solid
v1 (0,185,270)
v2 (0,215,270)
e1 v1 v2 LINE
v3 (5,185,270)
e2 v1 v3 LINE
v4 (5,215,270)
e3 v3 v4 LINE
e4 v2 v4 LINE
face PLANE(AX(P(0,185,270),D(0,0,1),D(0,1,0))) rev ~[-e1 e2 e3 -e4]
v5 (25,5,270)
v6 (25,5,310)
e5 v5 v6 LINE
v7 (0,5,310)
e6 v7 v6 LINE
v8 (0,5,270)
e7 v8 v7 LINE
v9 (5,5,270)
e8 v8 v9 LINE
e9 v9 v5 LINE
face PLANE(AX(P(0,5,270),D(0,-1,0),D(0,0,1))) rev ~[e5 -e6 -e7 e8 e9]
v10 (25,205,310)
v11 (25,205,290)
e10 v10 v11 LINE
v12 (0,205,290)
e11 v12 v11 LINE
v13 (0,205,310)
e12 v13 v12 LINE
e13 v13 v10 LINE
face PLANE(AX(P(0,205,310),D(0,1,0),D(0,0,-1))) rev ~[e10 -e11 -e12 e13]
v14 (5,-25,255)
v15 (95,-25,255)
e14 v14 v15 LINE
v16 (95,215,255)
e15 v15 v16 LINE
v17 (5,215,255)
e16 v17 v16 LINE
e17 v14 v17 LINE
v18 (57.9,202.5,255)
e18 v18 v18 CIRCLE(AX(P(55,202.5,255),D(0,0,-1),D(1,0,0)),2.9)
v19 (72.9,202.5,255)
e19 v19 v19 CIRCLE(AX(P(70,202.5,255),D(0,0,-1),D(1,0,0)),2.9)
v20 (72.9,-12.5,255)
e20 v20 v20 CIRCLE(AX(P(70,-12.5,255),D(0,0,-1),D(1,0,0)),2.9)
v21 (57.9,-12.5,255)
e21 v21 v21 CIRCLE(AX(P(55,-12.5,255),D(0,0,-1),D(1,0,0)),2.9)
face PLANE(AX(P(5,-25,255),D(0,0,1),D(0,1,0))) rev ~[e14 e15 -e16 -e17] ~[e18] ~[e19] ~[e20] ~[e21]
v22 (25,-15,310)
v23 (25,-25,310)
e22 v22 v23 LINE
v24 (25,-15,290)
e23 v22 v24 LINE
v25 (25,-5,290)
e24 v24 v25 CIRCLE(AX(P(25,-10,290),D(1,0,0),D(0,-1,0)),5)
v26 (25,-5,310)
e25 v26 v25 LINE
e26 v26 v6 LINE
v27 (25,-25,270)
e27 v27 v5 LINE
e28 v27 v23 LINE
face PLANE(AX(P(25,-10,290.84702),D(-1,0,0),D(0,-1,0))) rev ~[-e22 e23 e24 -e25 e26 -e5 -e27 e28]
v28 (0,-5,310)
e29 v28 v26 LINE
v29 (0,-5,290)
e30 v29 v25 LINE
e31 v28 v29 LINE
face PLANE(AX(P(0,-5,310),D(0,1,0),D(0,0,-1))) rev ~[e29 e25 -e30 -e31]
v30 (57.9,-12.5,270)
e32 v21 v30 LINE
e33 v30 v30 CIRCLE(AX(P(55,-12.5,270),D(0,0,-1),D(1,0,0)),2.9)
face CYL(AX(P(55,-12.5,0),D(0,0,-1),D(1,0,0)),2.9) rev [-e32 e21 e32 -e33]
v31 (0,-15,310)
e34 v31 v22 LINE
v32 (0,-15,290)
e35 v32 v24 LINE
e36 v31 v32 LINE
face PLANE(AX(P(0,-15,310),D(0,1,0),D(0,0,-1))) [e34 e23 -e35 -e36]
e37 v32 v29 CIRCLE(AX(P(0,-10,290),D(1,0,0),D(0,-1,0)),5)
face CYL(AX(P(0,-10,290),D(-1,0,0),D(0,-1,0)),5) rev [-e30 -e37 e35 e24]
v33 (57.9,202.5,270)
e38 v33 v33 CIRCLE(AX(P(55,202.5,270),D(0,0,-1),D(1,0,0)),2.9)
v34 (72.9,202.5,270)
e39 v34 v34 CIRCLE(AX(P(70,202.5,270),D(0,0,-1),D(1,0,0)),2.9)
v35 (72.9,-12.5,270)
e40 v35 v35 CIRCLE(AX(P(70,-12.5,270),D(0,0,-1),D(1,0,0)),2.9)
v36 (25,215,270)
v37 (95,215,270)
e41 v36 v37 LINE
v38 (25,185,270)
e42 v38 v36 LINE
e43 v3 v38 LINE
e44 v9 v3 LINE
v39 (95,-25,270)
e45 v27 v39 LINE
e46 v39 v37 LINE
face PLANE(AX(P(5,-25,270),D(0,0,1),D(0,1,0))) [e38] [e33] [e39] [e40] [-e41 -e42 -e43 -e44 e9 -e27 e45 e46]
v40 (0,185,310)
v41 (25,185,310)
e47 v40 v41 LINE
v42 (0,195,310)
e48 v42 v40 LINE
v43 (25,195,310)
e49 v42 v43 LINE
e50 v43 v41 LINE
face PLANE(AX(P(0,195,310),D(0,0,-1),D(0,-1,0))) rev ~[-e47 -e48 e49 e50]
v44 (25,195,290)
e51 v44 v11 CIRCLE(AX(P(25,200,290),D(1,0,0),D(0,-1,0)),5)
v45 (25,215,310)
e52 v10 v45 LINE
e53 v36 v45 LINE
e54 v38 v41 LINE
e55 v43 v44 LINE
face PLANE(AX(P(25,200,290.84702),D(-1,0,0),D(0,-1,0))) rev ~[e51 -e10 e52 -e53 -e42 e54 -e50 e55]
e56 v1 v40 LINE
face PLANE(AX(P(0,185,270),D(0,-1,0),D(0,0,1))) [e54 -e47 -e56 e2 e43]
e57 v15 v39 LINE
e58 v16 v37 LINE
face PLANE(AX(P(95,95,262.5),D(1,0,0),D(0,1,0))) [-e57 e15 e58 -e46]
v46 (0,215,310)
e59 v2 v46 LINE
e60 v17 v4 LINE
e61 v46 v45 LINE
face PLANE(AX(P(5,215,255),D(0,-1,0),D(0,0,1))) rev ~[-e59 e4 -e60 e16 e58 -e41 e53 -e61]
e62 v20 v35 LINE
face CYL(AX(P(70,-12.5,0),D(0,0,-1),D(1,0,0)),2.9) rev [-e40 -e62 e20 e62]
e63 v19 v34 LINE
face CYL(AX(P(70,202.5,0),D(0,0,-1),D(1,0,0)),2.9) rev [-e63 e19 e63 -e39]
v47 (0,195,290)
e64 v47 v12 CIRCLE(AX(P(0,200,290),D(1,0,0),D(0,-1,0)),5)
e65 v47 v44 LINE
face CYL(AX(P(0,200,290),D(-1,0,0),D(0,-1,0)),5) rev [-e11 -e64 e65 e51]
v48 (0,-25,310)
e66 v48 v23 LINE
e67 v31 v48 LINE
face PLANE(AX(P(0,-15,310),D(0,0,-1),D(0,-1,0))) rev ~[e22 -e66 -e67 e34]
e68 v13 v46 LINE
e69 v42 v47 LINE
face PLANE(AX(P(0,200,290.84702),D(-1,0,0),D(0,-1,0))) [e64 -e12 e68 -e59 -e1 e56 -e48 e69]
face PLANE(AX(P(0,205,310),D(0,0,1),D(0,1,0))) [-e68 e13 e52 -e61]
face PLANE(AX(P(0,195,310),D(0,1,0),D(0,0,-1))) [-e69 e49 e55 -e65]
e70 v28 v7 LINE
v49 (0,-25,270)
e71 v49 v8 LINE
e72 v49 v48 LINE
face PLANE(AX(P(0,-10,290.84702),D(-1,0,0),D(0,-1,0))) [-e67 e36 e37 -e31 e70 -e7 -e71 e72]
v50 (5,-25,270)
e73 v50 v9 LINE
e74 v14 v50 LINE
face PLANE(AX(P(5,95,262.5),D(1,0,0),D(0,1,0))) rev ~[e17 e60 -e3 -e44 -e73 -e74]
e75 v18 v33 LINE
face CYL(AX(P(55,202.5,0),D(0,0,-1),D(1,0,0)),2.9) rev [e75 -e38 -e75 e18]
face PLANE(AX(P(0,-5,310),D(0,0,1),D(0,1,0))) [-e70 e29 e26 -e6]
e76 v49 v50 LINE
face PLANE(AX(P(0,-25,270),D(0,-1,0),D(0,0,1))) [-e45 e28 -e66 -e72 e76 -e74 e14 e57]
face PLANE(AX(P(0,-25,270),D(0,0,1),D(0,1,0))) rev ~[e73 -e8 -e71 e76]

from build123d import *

# Parameters (mm, degrees)
SKETCH011_W   = 240
SKETCH011_H   = 15
PAD007_DEPTH  = 90
SKETCH012_R   = 2.9
HOLE004_DEPTH = 270.001
PAD008_DEPTH  = 25


with BuildPart() as part:
    # Sketch011 → Pad007 (new body)
    with BuildSketch(Plane.YZ.offset(5)):
        with Locations((95, 262.5)):
            Rectangle(SKETCH011_W, SKETCH011_H)
    extrude(amount=PAD007_DEPTH)

    # Sketch012 → Hole004 (cut, through all)
    with BuildSketch(Plane.XY):
        with Locations((55, 202.5)):
            Circle(SKETCH012_R)
        with Locations((70, 202.5)):
            Circle(SKETCH012_R)
        with Locations((55, -12.5)):
            Circle(SKETCH012_R)
        with Locations((70, -12.5)):
            Circle(SKETCH012_R)
    extrude(amount=HOLE004_DEPTH, mode=Mode.SUBTRACT)

    # Sketch013 → Pad008 (join)
    with BuildSketch(Plane.YZ):
        with BuildLine():
            Line((-25, 270), (-25, 310))
            Line((-15, 310), (-25, 310))
            Line((-15, 310), (-15, 290))
            ThreePointArc((-15, 290), (-10, 285), (-5, 290))
            Line((-5, 310), (-5, 290))
            Line((-5, 310), (5, 310))
            Line((5, 270), (5, 310))
            Line((-25, 270), (5, 270))
        make_face()
        with BuildLine():
            Line((185, 270), (185, 310))
            Line((195, 310), (185, 310))
            Line((195, 310), (195, 290))
            ThreePointArc((195, 290), (200, 285), (205, 290))
            Line((205, 310), (205, 290))
            Line((205, 310), (215, 310))
            Line((215, 270), (215, 310))
            Line((185, 270), (215, 270))
        make_face()
    extrude(amount=PAD008_DEPTH)


solid = part.part
